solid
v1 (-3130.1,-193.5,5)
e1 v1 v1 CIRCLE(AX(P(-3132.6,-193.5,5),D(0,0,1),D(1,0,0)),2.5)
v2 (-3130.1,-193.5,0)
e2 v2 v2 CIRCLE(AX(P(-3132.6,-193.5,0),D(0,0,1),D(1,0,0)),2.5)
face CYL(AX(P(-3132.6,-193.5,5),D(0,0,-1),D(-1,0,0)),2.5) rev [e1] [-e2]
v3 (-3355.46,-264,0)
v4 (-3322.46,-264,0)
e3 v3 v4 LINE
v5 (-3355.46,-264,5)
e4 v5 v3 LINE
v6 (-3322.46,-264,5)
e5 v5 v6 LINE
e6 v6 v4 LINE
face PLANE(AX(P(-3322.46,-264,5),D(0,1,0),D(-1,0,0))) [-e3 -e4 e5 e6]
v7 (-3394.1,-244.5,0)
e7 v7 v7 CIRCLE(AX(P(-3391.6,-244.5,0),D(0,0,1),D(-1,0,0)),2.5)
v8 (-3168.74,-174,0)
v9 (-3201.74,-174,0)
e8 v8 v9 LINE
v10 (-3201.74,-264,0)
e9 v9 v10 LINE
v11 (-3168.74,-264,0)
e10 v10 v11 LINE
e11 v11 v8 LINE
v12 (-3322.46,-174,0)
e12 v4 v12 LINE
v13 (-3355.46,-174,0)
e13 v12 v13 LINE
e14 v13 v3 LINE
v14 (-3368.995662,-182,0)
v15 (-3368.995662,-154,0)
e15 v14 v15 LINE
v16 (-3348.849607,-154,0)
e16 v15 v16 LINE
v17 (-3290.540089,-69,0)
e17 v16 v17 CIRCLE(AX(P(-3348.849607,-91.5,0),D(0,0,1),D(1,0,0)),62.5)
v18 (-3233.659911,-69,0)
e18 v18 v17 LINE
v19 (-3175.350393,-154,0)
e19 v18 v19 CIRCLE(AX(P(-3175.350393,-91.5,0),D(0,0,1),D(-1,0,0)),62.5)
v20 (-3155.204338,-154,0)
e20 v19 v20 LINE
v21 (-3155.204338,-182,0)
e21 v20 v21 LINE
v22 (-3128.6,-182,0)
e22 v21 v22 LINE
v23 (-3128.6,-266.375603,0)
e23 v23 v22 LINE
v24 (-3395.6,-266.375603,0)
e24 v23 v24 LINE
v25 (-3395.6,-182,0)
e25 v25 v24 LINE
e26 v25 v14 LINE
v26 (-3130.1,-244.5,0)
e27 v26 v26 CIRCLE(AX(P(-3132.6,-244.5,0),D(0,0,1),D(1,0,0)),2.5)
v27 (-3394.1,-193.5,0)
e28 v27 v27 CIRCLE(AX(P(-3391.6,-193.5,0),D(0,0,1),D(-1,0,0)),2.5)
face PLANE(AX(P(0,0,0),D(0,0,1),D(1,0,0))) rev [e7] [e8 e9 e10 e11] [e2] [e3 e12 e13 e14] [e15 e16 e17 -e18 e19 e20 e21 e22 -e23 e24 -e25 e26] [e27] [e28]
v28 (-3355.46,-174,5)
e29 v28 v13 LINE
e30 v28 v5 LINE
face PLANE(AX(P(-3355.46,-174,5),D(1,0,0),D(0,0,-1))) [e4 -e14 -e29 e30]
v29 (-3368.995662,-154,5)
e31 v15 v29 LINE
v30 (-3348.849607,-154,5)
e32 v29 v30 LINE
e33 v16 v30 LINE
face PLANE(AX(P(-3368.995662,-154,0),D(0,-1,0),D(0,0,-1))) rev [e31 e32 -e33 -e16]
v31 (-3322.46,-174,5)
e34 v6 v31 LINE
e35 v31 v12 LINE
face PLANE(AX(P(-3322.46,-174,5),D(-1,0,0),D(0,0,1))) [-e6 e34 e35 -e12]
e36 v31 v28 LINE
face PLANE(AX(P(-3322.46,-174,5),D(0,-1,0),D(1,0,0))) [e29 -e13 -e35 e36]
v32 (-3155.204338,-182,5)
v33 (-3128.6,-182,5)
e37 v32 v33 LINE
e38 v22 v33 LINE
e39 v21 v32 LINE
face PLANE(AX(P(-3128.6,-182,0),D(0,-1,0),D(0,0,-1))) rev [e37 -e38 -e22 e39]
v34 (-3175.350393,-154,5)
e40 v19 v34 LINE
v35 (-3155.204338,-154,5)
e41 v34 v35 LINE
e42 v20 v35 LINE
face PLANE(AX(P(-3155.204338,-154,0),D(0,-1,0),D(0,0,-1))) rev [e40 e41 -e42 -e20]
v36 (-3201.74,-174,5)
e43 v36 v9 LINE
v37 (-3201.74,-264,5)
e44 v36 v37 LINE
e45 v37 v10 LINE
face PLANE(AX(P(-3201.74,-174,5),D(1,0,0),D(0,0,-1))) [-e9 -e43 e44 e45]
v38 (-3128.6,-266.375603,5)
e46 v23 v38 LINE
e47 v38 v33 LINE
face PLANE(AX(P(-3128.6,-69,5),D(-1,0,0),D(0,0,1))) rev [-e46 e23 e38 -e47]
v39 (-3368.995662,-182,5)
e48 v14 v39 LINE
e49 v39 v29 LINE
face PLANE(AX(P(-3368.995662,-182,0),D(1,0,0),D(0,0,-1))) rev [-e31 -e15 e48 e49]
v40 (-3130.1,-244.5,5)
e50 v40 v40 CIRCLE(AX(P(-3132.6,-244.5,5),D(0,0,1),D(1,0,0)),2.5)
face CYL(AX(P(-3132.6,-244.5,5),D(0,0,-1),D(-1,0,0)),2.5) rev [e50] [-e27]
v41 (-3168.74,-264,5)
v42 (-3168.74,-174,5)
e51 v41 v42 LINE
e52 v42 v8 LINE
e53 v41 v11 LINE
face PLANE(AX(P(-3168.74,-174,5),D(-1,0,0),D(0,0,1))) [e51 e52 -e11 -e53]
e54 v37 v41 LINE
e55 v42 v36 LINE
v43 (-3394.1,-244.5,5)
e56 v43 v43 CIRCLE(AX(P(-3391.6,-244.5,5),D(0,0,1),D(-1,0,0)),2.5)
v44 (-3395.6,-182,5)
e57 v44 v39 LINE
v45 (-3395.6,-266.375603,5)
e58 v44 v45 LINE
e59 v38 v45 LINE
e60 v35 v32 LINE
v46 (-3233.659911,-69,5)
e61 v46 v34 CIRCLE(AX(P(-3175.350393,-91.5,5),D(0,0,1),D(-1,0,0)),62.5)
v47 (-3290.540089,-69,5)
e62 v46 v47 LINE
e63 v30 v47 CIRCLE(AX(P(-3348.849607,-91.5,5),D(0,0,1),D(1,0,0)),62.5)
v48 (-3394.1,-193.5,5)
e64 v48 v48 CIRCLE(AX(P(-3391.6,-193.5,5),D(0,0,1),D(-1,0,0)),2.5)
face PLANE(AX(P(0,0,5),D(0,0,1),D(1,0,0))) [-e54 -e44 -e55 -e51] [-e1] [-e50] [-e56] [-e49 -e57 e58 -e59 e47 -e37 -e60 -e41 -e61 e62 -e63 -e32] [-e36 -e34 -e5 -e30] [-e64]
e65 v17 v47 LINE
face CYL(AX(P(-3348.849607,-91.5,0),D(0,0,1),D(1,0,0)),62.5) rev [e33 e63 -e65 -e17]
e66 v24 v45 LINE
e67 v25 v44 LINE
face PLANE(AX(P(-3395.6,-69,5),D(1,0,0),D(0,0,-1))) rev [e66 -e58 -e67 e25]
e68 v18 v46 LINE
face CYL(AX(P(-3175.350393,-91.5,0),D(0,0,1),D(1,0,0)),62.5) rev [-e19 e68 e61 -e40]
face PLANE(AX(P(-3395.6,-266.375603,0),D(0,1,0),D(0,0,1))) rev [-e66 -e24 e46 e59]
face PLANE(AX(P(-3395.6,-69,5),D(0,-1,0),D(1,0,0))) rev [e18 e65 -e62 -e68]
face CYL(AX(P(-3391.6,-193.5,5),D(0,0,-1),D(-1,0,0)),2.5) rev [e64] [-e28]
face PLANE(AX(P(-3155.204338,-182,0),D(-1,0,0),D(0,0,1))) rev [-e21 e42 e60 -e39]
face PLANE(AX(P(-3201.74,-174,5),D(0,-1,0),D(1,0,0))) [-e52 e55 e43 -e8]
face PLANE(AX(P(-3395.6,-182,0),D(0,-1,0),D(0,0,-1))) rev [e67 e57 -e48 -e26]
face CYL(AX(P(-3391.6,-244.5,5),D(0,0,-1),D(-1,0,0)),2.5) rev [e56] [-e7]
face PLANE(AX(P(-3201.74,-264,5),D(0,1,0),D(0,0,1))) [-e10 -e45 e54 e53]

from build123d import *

# Parameters (mm, degrees)
SKETCH1_W           = 267
SKETCH1_H           = 267.4
SKETCH1_R           = 2.5
SKETCH1_W_2         = 33
SKETCH1_H_2         = 90
BOSS_EXTRUDE1_DEPTH = 5
SKETCH6_W           = 267
SKETCH6_H           = 70.024397165
CUT_EXTRUDE4_DEPTH  = 6


with BuildPart() as part:
    # Sketch1 → Boss-Extrude1 (new body)
    with BuildSketch(Plane.XY):
        with Locations((-3262.1, -202.7)):
            Rectangle(SKETCH1_W, SKETCH1_H)
        with Locations((-3132.6, -193.5)):
            Circle(SKETCH1_R, mode=Mode.SUBTRACT)
        with Locations((-3132.6, -244.5)):
            Circle(SKETCH1_R, mode=Mode.SUBTRACT)
        with Locations((-3391.6, -244.5)):
            Circle(SKETCH1_R, mode=Mode.SUBTRACT)
        with Locations((-3391.6, -193.5)):
            Circle(SKETCH1_R, mode=Mode.SUBTRACT)
        with Locations((-3185.24, -219)):
            Rectangle(SKETCH1_W_2, SKETCH1_H_2, mode=Mode.SUBTRACT)
        with Locations((-3338.96, -219)):
            Rectangle(SKETCH1_W_2, SKETCH1_H_2, mode=Mode.SUBTRACT)
    extrude(amount=BOSS_EXTRUDE1_DEPTH)

    # Sketch6 → Cut-Extrude4 (cut, through all)
    with BuildSketch(Plane.XY.offset(5)):
        with BuildLine():
            Line((-3233.659911457, -69), (-3128.6, -69))
            Line((-3128.6, -69), (-3128.6, -182))
            Line((-3128.6, -182), (-3155.204338358, -182))
            Line((-3155.204338358, -182), (-3155.204338358, -154))
            Line((-3155.204338358, -154), (-3175.350392508, -154))
            ThreePointArc((-3175.350392508, -154), (-3226.889212828, -126.855339059), (-3233.659911457, -69))
        make_face()
        with Locations((-3262.1, -301.387801417)):
            Rectangle(SKETCH6_W, SKETCH6_H)
        with BuildLine():
            Line((-3290.540088544, -69), (-3395.6, -69))
            Line((-3395.6, -69), (-3395.6, -182))
            Line((-3395.6, -182), (-3368.995661642, -182))
            Line((-3368.995661642, -182), (-3368.995661642, -154))
            Line((-3368.995661642, -154), (-3348.849607492, -154))
            ThreePointArc((-3348.849607492, -154), (-3297.310787172, -126.855339059), (-3290.540088544, -69))
        make_face()
    extrude(amount=-CUT_EXTRUDE4_DEPTH, mode=Mode.SUBTRACT)


solid = part.part
